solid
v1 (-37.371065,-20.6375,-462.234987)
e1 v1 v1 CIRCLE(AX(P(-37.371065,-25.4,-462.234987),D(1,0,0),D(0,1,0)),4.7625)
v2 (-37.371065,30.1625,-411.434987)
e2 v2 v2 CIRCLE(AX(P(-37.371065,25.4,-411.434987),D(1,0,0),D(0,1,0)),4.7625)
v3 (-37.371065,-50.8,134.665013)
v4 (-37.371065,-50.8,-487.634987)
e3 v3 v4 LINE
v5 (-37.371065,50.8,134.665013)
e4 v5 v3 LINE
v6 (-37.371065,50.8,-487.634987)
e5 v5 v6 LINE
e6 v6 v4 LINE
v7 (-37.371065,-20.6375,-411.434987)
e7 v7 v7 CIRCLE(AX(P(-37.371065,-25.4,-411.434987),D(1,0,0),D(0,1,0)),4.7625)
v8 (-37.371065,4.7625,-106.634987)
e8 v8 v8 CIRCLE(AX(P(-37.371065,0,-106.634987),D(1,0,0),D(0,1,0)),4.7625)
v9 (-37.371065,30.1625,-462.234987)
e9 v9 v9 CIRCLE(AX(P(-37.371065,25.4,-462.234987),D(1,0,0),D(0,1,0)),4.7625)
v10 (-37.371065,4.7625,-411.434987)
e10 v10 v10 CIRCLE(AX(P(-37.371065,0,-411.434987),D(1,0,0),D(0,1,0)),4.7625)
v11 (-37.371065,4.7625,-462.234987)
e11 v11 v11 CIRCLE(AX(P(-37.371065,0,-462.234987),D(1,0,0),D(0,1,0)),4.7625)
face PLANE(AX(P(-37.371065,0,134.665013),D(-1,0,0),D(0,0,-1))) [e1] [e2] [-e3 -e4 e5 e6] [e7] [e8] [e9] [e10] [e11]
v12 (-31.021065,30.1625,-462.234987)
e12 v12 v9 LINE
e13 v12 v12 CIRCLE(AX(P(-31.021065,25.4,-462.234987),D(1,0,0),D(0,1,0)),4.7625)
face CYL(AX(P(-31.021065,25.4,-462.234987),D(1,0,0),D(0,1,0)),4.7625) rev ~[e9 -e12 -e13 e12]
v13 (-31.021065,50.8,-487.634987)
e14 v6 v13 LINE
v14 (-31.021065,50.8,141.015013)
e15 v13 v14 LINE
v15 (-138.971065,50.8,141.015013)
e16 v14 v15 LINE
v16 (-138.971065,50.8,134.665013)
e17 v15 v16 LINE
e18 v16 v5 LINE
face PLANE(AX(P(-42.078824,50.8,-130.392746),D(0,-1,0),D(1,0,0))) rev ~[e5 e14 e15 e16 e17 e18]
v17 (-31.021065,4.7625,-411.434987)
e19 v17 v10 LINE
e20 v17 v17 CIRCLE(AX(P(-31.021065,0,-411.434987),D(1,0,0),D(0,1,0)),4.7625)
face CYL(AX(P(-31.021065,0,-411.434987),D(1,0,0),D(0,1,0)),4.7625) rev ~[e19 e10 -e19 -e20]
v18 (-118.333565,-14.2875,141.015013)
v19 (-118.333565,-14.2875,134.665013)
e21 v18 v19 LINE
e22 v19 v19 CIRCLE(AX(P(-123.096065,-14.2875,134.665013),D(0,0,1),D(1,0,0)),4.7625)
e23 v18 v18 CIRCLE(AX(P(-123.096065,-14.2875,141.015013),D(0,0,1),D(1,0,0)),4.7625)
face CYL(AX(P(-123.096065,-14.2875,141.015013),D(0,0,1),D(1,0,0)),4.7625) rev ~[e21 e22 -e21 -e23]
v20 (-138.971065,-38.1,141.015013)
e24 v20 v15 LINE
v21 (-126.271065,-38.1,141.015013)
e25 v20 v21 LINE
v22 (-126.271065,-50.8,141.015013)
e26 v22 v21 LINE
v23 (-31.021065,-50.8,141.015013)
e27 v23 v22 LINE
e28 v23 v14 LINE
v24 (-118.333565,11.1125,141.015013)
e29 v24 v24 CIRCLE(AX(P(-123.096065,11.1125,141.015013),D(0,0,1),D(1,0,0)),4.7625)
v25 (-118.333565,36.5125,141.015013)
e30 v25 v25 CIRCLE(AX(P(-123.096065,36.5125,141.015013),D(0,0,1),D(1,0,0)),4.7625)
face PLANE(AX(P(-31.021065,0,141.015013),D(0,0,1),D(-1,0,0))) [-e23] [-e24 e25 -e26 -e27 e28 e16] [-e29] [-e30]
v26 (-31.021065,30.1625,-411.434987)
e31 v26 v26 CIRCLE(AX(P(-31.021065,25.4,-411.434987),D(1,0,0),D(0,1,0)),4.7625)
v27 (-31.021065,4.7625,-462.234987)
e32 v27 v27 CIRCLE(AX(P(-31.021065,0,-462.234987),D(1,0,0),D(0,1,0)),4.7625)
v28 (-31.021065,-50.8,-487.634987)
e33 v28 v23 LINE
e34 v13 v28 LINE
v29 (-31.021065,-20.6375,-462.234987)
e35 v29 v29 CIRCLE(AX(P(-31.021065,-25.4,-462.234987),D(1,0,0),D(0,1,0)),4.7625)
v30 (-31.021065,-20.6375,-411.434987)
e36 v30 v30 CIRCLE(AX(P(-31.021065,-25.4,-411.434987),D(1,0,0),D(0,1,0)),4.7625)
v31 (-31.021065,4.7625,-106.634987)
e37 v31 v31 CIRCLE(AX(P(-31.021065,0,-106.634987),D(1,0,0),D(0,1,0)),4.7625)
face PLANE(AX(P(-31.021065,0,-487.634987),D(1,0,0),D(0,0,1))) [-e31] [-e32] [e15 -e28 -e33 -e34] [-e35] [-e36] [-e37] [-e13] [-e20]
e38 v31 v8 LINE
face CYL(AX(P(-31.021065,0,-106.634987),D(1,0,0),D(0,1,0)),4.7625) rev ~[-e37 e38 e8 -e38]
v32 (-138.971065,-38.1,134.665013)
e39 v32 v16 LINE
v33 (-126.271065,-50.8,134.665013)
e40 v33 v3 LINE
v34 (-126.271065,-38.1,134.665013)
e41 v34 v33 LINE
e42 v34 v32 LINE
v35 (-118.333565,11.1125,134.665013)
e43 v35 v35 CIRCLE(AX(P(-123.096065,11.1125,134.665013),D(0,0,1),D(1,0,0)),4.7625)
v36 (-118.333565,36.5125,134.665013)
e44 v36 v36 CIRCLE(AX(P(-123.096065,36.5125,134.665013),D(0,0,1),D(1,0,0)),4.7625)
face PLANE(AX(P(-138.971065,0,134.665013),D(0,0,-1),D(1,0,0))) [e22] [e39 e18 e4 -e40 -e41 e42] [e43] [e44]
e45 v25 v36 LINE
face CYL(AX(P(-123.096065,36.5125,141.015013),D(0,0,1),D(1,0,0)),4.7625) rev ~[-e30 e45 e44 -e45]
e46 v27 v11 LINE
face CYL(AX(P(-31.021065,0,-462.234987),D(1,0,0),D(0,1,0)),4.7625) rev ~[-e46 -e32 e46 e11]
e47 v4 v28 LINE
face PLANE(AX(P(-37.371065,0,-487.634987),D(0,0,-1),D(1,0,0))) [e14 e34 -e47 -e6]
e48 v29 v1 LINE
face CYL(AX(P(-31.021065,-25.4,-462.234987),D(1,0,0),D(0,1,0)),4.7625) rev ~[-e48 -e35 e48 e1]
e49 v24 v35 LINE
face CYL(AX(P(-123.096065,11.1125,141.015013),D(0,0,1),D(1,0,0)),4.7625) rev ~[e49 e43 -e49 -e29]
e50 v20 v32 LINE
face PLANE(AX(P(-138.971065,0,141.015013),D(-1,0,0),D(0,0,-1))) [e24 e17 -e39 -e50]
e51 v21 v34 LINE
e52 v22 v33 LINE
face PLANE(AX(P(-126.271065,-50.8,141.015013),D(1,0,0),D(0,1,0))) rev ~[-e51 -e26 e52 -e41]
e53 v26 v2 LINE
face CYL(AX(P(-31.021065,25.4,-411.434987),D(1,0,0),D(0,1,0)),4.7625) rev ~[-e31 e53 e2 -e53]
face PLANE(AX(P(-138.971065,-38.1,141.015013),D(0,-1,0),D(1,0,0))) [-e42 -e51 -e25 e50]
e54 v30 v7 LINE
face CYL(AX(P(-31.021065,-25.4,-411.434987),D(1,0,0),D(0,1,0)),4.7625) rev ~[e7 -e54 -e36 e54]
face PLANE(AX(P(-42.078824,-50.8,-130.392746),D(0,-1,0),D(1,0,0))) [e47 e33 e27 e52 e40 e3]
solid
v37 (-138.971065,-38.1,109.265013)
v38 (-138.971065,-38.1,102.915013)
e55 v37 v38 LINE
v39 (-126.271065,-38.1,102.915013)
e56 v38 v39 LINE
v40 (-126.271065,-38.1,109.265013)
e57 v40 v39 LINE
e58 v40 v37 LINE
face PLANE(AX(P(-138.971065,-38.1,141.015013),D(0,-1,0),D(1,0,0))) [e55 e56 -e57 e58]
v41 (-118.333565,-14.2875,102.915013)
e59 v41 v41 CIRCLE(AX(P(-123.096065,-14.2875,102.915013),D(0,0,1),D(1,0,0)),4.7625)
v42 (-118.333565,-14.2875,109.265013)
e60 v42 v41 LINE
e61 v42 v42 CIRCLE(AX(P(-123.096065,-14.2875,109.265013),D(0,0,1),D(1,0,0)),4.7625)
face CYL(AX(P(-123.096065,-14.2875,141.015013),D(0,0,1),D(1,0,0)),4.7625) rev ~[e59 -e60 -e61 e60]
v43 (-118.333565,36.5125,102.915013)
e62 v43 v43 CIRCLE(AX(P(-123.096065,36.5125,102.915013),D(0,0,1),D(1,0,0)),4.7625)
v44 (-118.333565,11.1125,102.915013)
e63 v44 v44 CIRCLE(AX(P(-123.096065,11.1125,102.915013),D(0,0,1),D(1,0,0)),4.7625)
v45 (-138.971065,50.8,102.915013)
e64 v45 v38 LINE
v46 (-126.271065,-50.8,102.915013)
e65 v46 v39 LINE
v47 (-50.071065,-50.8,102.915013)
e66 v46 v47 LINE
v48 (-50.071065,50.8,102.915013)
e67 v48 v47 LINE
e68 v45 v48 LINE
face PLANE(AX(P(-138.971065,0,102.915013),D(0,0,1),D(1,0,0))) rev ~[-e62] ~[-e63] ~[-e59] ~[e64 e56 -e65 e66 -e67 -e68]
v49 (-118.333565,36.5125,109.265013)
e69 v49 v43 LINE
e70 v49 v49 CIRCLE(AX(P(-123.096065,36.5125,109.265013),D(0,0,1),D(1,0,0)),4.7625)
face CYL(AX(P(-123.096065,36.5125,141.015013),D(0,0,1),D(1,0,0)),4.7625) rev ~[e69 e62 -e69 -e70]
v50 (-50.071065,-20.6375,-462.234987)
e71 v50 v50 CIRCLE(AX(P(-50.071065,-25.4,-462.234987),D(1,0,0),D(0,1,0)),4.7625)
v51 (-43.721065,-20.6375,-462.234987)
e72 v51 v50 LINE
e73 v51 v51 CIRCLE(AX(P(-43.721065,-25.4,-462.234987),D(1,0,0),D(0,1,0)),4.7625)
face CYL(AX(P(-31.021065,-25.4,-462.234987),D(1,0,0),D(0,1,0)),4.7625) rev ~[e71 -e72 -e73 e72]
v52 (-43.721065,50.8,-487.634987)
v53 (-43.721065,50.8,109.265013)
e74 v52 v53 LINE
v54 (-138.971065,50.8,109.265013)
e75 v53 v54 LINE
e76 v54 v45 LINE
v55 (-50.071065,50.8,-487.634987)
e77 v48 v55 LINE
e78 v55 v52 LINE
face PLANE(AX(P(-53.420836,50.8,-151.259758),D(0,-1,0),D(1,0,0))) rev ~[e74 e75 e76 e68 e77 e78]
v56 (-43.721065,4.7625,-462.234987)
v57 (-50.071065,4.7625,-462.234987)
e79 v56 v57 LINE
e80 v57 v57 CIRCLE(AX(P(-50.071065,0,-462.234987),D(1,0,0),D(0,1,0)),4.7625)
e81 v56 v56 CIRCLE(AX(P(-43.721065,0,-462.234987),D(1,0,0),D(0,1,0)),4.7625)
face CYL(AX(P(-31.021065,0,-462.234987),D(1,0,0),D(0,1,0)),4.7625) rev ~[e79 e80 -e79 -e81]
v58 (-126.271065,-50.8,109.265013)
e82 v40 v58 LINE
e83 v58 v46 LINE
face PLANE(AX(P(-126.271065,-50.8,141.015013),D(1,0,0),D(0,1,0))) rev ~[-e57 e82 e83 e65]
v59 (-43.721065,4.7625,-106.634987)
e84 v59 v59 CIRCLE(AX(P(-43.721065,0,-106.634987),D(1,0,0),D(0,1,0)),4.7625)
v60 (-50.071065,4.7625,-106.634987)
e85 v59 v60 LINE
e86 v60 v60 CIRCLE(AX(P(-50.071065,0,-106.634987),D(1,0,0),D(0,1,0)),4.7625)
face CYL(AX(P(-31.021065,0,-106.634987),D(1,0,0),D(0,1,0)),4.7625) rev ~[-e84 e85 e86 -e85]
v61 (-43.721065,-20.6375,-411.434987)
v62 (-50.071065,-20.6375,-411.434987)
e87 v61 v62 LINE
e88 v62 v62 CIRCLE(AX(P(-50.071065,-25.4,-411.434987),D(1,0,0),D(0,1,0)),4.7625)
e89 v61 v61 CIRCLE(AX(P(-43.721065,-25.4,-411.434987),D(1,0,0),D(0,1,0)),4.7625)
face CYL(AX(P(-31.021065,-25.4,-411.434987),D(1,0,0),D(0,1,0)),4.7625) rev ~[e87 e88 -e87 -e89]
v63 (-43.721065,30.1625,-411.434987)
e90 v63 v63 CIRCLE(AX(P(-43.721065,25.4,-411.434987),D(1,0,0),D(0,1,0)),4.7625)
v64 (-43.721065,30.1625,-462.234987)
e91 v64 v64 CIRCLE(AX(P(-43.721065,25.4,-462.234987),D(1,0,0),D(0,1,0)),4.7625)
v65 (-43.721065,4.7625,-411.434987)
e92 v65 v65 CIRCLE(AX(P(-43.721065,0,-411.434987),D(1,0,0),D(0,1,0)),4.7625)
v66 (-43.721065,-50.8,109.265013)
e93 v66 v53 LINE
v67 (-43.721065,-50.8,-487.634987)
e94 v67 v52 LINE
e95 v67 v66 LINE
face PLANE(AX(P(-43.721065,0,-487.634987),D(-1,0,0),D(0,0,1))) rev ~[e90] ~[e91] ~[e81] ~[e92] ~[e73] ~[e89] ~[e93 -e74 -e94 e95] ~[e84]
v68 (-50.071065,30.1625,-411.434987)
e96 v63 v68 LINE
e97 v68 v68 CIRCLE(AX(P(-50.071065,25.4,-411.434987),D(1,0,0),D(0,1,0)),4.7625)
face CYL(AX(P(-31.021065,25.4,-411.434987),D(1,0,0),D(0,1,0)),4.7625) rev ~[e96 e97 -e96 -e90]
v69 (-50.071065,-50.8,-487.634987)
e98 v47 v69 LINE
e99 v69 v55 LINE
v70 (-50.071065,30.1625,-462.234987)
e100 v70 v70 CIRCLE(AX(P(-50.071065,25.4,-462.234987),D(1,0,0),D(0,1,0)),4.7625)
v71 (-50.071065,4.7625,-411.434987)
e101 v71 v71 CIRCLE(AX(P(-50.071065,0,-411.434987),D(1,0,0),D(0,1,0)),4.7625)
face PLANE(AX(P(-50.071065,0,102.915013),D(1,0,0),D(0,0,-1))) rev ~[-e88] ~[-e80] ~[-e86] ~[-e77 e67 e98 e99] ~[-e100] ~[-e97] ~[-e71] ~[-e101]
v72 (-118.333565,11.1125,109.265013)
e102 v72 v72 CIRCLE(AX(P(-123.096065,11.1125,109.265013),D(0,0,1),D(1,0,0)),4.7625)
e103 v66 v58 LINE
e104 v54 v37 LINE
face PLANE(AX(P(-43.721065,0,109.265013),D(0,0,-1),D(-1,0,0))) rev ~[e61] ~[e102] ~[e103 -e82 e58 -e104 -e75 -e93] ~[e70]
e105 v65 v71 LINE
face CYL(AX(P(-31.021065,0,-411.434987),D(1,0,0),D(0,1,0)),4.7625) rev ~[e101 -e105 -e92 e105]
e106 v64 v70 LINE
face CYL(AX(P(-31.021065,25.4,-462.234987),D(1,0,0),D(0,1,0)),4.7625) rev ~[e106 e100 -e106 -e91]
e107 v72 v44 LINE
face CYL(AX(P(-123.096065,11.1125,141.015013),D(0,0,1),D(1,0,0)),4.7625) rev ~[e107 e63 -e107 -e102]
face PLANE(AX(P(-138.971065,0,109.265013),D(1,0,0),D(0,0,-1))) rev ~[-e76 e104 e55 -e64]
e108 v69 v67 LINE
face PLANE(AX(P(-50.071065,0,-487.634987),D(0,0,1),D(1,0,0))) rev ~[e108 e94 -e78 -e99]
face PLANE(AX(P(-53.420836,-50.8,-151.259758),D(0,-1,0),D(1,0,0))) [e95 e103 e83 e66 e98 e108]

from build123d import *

# Parameters (mm, degrees)
F1_DEPTH = 50.8
F2_R     = 4.7625
F3_DEPTH = 107.951
F4_R     = 4.7625
F4_W     = 12.7
F4_H     = 12.7
F5_DEPTH = 628.651


with BuildPart() as f1:
    # F0 (on Front) → F1 (new body, symmetric)
    with BuildSketch(Plane.XZ):
        Polygon((-43.721065, 109.265013), (-138.971065, 109.265013), (-138.971065, 102.915013), (-50.071065, 102.915013), (-50.071065, -487.634987), (-43.721065, -487.634987), align=None)
        Polygon((-138.971065, 134.665013), (-37.371065, 134.665013), (-37.371065, -487.634987), (-31.021065, -487.634987), (-31.021065, 141.015013), (-138.971065, 141.015013), align=None)
    extrude(amount=F1_DEPTH, both=True)

    # F2 (on face) → F3 (cut, through all)
    with BuildSketch(Plane.YZ.offset(-31.021065)):
        with Locations((-25.4, -462.234987)):
            Circle(F2_R)
        with Locations((-25.4, -411.434987)):
            Circle(F2_R)
        with Locations((0, -462.234987)):
            Circle(F2_R)
        with Locations((0, -411.434987)):
            Circle(F2_R)
        with Locations((25.4, -462.234987)):
            Circle(F2_R)
        with Locations((25.4, -411.434987)):
            Circle(F2_R)
        with Locations((0, -106.634987)):
            Circle(F2_R)
    extrude(amount=-F3_DEPTH, mode=Mode.SUBTRACT)

    # F4 (on face) → F5 (cut, through all)
    with BuildSketch(Plane.XY.offset(141.015013)):
        with Locations((-123.096065, -14.2875)):
            Circle(F4_R)
        with Locations((-123.096065, 11.1125)):
            Circle(F4_R)
        with Locations((-123.096065, 36.5125)):
            Circle(F4_R)
        with Locations((-132.621065, -44.45)):
            Rectangle(F4_W, F4_H)
    extrude(amount=-F5_DEPTH, mode=Mode.SUBTRACT)


solid = f1.part
